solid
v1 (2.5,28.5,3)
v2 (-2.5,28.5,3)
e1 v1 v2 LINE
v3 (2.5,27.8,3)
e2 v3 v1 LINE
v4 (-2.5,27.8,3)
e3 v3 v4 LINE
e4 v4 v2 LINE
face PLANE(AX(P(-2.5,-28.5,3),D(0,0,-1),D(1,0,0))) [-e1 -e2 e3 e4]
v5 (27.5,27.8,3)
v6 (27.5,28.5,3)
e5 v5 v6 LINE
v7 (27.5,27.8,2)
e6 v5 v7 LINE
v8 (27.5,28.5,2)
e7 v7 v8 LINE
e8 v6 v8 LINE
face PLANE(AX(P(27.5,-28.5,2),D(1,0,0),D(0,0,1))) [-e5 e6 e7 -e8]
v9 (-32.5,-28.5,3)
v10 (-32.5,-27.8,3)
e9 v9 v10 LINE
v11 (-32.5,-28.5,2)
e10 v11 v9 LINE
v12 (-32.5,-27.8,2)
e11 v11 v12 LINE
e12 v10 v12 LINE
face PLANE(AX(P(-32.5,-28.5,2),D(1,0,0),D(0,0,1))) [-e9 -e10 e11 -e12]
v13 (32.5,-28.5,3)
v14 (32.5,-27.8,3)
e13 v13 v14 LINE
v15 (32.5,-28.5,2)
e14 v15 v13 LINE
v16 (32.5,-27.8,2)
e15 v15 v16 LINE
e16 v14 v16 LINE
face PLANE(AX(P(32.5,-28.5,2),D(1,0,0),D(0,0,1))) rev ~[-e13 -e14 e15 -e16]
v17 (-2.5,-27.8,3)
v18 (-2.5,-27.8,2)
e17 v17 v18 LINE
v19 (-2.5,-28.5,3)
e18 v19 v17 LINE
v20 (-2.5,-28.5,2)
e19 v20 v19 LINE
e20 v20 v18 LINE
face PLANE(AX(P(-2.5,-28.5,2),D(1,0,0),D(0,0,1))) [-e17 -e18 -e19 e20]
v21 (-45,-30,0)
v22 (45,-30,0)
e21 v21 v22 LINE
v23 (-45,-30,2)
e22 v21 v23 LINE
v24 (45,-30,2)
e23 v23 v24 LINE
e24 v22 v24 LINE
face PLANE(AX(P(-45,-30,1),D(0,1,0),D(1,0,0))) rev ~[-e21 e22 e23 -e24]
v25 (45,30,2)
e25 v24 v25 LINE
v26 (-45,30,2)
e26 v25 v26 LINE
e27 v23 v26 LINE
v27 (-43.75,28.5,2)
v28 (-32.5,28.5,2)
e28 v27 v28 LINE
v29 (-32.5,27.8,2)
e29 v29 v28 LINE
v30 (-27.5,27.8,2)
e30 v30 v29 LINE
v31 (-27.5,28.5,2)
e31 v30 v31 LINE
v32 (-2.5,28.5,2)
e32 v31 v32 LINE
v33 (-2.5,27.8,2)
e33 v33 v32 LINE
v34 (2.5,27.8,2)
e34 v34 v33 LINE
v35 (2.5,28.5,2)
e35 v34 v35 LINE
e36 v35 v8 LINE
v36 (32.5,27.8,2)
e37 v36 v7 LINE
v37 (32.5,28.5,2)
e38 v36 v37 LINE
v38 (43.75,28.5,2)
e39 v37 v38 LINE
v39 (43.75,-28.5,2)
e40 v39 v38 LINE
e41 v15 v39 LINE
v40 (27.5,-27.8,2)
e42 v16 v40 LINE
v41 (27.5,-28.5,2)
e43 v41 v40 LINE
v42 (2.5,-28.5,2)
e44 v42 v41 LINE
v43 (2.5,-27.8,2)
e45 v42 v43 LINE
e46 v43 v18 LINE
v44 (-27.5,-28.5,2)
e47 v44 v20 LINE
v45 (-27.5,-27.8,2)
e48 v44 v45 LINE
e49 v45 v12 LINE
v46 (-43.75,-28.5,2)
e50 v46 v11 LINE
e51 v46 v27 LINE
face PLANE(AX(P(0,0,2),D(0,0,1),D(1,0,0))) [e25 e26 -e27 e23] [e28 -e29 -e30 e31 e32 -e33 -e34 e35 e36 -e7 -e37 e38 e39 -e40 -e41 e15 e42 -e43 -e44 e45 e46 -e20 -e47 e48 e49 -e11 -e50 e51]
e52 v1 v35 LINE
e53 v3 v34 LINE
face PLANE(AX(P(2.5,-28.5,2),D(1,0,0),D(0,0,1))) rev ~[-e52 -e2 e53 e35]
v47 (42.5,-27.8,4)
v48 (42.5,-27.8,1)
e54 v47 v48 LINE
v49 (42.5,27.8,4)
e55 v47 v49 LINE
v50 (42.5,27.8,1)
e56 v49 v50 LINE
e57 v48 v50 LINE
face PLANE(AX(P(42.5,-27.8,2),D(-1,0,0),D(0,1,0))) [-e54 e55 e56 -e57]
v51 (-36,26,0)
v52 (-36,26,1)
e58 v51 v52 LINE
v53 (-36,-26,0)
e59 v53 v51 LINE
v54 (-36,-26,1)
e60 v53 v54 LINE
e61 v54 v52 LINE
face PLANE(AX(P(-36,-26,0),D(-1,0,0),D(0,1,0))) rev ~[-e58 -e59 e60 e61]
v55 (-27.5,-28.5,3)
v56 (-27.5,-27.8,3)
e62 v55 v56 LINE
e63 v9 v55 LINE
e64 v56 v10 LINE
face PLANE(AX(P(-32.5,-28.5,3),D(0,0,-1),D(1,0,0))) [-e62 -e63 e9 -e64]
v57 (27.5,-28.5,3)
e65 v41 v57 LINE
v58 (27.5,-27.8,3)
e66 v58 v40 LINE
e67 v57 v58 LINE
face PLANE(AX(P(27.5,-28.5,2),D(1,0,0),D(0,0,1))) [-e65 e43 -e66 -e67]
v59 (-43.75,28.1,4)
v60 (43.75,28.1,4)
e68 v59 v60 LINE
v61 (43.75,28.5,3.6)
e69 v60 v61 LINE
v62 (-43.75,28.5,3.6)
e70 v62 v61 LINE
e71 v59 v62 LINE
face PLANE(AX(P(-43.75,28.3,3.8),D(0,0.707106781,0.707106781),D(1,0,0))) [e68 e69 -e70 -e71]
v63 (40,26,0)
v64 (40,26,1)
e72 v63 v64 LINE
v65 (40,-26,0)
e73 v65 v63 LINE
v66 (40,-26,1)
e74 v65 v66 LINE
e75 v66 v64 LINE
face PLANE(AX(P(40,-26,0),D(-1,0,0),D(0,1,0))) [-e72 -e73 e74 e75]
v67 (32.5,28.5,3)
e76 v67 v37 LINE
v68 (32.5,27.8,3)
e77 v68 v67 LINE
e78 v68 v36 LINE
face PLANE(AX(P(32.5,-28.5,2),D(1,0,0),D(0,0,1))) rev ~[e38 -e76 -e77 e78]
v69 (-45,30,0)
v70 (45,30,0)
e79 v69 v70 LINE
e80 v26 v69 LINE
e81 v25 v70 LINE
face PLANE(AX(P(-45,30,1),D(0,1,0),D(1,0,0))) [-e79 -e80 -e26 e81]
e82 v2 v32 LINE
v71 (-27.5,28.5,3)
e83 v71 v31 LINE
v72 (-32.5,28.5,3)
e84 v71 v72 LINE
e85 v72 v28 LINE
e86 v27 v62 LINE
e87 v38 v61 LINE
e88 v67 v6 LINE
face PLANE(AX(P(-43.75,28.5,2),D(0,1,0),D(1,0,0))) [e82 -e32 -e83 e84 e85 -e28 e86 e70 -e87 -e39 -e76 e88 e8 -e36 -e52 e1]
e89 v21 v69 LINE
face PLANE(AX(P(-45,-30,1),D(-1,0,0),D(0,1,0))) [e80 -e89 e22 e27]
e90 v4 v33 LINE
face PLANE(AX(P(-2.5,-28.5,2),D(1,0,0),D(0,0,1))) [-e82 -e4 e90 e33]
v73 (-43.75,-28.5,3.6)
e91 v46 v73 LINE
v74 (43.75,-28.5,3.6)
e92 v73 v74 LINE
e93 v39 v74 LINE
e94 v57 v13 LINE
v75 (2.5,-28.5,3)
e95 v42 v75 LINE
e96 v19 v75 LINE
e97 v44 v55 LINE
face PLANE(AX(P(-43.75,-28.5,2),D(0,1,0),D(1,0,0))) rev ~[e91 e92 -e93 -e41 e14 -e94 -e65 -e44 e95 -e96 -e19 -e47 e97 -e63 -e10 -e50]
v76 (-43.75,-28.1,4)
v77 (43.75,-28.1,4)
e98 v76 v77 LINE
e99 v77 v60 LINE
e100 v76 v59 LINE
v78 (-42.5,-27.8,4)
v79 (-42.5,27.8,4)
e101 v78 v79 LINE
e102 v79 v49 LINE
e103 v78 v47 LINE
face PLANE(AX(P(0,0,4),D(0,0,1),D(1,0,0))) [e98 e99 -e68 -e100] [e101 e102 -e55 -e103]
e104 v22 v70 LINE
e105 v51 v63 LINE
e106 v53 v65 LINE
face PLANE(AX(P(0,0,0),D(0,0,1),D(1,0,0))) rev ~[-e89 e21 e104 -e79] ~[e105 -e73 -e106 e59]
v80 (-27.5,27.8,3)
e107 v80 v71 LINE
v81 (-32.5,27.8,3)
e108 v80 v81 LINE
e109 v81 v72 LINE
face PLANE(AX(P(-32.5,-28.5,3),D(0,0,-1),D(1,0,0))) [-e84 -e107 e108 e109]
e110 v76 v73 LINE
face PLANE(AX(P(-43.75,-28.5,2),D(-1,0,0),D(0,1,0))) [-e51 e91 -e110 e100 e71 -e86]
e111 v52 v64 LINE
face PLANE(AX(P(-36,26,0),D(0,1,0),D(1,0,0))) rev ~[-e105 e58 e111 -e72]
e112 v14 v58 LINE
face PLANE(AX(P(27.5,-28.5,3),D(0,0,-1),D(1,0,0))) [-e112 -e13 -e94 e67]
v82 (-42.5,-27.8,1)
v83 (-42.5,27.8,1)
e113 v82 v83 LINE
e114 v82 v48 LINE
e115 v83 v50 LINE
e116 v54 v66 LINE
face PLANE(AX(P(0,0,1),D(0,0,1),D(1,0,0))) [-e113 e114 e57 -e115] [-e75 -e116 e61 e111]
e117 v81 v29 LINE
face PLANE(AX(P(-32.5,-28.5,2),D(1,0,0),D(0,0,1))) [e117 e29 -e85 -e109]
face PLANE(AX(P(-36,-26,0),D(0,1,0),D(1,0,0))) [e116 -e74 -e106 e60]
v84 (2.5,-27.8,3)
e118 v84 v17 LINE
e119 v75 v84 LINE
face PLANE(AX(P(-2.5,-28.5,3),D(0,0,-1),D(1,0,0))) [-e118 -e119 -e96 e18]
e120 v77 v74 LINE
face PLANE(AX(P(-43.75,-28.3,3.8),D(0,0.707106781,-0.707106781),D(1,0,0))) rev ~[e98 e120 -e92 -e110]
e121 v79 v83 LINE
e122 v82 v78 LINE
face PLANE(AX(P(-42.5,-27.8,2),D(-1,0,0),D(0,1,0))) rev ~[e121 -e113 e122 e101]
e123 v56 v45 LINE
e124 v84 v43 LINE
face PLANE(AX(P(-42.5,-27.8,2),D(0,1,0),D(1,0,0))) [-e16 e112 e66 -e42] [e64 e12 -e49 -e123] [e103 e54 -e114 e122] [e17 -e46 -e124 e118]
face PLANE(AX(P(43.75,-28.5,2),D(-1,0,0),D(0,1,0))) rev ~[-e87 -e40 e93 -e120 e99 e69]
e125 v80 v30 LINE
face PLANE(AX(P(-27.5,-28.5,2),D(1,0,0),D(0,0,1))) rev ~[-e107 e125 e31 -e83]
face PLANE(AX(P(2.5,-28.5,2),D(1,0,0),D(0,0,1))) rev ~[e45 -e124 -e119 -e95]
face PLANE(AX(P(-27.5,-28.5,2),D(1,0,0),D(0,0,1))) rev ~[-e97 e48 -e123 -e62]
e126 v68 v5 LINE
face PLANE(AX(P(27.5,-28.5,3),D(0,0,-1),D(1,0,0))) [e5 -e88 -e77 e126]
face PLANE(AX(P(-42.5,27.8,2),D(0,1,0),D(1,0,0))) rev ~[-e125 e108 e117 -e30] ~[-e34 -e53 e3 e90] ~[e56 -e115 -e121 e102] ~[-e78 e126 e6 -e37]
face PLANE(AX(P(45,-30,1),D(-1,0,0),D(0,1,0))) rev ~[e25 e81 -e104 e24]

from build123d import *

# Parameters (mm, degrees)
SKETCH_W      = 90
SKETCH_H      = 60
SKETCH_W_2    = 76
SKETCH_H_2    = 52
PAD_DEPTH     = 1
SKETCH001_W   = 90
SKETCH001_H   = 60
SKETCH001_W_2 = 85
SKETCH001_H_2 = 55.6
PAD001_DEPTH  = 1
SKETCH002_W   = 87.5
SKETCH002_H   = 57
SKETCH002_W_2 = 85
SKETCH002_H_2 = 55.6
PAD002_DEPTH  = 2
SKETCH003_W   = 5
SKETCH003_H   = 1
POCKET_DEPTH  = 58.501
CHAMFER_SIZE  = 0.4


with BuildPart() as part:
    # Sketch → Pad (new body)
    with BuildSketch(Plane.XY):
        Rectangle(SKETCH_W, SKETCH_H)
        with Locations((2, 0)):
            Rectangle(SKETCH_W_2, SKETCH_H_2, mode=Mode.SUBTRACT)
    extrude(amount=PAD_DEPTH)

    # Sketch001 → Pad001 (new body)
    with BuildSketch(Plane.XY.offset(1)):
        Rectangle(SKETCH001_W, SKETCH001_H)
        Rectangle(SKETCH001_W_2, SKETCH001_H_2, mode=Mode.SUBTRACT)
    extrude(amount=PAD001_DEPTH)

    # Sketch002 → Pad002 (new body)
    with BuildSketch(Plane.XY.offset(2)):
        Rectangle(SKETCH002_W, SKETCH002_H)
        Rectangle(SKETCH002_W_2, SKETCH002_H_2, mode=Mode.SUBTRACT)
    extrude(amount=PAD002_DEPTH)

    # Sketch003 → Pocket (cut, through all)
    with BuildSketch(Plane.XZ.offset(28.5)):
        with Locations((-30, 2.5)):
            Rectangle(SKETCH003_W, SKETCH003_H)
        with Locations((0, 2.5)):
            Rectangle(SKETCH003_W, SKETCH003_H)
        with Locations((30, 2.5)):
            Rectangle(SKETCH003_W, SKETCH003_H)
    extrude(amount=-POCKET_DEPTH, mode=Mode.SUBTRACT)

    # Chamfer
    chamfer_edges = [part.edges().sort_by_distance(p)[0] for p in [
        (0, -28.5, 4),
        (0, 28.5, 4),
    ]]
    chamfer(chamfer_edges, length=CHAMFER_SIZE)


solid = part.part
